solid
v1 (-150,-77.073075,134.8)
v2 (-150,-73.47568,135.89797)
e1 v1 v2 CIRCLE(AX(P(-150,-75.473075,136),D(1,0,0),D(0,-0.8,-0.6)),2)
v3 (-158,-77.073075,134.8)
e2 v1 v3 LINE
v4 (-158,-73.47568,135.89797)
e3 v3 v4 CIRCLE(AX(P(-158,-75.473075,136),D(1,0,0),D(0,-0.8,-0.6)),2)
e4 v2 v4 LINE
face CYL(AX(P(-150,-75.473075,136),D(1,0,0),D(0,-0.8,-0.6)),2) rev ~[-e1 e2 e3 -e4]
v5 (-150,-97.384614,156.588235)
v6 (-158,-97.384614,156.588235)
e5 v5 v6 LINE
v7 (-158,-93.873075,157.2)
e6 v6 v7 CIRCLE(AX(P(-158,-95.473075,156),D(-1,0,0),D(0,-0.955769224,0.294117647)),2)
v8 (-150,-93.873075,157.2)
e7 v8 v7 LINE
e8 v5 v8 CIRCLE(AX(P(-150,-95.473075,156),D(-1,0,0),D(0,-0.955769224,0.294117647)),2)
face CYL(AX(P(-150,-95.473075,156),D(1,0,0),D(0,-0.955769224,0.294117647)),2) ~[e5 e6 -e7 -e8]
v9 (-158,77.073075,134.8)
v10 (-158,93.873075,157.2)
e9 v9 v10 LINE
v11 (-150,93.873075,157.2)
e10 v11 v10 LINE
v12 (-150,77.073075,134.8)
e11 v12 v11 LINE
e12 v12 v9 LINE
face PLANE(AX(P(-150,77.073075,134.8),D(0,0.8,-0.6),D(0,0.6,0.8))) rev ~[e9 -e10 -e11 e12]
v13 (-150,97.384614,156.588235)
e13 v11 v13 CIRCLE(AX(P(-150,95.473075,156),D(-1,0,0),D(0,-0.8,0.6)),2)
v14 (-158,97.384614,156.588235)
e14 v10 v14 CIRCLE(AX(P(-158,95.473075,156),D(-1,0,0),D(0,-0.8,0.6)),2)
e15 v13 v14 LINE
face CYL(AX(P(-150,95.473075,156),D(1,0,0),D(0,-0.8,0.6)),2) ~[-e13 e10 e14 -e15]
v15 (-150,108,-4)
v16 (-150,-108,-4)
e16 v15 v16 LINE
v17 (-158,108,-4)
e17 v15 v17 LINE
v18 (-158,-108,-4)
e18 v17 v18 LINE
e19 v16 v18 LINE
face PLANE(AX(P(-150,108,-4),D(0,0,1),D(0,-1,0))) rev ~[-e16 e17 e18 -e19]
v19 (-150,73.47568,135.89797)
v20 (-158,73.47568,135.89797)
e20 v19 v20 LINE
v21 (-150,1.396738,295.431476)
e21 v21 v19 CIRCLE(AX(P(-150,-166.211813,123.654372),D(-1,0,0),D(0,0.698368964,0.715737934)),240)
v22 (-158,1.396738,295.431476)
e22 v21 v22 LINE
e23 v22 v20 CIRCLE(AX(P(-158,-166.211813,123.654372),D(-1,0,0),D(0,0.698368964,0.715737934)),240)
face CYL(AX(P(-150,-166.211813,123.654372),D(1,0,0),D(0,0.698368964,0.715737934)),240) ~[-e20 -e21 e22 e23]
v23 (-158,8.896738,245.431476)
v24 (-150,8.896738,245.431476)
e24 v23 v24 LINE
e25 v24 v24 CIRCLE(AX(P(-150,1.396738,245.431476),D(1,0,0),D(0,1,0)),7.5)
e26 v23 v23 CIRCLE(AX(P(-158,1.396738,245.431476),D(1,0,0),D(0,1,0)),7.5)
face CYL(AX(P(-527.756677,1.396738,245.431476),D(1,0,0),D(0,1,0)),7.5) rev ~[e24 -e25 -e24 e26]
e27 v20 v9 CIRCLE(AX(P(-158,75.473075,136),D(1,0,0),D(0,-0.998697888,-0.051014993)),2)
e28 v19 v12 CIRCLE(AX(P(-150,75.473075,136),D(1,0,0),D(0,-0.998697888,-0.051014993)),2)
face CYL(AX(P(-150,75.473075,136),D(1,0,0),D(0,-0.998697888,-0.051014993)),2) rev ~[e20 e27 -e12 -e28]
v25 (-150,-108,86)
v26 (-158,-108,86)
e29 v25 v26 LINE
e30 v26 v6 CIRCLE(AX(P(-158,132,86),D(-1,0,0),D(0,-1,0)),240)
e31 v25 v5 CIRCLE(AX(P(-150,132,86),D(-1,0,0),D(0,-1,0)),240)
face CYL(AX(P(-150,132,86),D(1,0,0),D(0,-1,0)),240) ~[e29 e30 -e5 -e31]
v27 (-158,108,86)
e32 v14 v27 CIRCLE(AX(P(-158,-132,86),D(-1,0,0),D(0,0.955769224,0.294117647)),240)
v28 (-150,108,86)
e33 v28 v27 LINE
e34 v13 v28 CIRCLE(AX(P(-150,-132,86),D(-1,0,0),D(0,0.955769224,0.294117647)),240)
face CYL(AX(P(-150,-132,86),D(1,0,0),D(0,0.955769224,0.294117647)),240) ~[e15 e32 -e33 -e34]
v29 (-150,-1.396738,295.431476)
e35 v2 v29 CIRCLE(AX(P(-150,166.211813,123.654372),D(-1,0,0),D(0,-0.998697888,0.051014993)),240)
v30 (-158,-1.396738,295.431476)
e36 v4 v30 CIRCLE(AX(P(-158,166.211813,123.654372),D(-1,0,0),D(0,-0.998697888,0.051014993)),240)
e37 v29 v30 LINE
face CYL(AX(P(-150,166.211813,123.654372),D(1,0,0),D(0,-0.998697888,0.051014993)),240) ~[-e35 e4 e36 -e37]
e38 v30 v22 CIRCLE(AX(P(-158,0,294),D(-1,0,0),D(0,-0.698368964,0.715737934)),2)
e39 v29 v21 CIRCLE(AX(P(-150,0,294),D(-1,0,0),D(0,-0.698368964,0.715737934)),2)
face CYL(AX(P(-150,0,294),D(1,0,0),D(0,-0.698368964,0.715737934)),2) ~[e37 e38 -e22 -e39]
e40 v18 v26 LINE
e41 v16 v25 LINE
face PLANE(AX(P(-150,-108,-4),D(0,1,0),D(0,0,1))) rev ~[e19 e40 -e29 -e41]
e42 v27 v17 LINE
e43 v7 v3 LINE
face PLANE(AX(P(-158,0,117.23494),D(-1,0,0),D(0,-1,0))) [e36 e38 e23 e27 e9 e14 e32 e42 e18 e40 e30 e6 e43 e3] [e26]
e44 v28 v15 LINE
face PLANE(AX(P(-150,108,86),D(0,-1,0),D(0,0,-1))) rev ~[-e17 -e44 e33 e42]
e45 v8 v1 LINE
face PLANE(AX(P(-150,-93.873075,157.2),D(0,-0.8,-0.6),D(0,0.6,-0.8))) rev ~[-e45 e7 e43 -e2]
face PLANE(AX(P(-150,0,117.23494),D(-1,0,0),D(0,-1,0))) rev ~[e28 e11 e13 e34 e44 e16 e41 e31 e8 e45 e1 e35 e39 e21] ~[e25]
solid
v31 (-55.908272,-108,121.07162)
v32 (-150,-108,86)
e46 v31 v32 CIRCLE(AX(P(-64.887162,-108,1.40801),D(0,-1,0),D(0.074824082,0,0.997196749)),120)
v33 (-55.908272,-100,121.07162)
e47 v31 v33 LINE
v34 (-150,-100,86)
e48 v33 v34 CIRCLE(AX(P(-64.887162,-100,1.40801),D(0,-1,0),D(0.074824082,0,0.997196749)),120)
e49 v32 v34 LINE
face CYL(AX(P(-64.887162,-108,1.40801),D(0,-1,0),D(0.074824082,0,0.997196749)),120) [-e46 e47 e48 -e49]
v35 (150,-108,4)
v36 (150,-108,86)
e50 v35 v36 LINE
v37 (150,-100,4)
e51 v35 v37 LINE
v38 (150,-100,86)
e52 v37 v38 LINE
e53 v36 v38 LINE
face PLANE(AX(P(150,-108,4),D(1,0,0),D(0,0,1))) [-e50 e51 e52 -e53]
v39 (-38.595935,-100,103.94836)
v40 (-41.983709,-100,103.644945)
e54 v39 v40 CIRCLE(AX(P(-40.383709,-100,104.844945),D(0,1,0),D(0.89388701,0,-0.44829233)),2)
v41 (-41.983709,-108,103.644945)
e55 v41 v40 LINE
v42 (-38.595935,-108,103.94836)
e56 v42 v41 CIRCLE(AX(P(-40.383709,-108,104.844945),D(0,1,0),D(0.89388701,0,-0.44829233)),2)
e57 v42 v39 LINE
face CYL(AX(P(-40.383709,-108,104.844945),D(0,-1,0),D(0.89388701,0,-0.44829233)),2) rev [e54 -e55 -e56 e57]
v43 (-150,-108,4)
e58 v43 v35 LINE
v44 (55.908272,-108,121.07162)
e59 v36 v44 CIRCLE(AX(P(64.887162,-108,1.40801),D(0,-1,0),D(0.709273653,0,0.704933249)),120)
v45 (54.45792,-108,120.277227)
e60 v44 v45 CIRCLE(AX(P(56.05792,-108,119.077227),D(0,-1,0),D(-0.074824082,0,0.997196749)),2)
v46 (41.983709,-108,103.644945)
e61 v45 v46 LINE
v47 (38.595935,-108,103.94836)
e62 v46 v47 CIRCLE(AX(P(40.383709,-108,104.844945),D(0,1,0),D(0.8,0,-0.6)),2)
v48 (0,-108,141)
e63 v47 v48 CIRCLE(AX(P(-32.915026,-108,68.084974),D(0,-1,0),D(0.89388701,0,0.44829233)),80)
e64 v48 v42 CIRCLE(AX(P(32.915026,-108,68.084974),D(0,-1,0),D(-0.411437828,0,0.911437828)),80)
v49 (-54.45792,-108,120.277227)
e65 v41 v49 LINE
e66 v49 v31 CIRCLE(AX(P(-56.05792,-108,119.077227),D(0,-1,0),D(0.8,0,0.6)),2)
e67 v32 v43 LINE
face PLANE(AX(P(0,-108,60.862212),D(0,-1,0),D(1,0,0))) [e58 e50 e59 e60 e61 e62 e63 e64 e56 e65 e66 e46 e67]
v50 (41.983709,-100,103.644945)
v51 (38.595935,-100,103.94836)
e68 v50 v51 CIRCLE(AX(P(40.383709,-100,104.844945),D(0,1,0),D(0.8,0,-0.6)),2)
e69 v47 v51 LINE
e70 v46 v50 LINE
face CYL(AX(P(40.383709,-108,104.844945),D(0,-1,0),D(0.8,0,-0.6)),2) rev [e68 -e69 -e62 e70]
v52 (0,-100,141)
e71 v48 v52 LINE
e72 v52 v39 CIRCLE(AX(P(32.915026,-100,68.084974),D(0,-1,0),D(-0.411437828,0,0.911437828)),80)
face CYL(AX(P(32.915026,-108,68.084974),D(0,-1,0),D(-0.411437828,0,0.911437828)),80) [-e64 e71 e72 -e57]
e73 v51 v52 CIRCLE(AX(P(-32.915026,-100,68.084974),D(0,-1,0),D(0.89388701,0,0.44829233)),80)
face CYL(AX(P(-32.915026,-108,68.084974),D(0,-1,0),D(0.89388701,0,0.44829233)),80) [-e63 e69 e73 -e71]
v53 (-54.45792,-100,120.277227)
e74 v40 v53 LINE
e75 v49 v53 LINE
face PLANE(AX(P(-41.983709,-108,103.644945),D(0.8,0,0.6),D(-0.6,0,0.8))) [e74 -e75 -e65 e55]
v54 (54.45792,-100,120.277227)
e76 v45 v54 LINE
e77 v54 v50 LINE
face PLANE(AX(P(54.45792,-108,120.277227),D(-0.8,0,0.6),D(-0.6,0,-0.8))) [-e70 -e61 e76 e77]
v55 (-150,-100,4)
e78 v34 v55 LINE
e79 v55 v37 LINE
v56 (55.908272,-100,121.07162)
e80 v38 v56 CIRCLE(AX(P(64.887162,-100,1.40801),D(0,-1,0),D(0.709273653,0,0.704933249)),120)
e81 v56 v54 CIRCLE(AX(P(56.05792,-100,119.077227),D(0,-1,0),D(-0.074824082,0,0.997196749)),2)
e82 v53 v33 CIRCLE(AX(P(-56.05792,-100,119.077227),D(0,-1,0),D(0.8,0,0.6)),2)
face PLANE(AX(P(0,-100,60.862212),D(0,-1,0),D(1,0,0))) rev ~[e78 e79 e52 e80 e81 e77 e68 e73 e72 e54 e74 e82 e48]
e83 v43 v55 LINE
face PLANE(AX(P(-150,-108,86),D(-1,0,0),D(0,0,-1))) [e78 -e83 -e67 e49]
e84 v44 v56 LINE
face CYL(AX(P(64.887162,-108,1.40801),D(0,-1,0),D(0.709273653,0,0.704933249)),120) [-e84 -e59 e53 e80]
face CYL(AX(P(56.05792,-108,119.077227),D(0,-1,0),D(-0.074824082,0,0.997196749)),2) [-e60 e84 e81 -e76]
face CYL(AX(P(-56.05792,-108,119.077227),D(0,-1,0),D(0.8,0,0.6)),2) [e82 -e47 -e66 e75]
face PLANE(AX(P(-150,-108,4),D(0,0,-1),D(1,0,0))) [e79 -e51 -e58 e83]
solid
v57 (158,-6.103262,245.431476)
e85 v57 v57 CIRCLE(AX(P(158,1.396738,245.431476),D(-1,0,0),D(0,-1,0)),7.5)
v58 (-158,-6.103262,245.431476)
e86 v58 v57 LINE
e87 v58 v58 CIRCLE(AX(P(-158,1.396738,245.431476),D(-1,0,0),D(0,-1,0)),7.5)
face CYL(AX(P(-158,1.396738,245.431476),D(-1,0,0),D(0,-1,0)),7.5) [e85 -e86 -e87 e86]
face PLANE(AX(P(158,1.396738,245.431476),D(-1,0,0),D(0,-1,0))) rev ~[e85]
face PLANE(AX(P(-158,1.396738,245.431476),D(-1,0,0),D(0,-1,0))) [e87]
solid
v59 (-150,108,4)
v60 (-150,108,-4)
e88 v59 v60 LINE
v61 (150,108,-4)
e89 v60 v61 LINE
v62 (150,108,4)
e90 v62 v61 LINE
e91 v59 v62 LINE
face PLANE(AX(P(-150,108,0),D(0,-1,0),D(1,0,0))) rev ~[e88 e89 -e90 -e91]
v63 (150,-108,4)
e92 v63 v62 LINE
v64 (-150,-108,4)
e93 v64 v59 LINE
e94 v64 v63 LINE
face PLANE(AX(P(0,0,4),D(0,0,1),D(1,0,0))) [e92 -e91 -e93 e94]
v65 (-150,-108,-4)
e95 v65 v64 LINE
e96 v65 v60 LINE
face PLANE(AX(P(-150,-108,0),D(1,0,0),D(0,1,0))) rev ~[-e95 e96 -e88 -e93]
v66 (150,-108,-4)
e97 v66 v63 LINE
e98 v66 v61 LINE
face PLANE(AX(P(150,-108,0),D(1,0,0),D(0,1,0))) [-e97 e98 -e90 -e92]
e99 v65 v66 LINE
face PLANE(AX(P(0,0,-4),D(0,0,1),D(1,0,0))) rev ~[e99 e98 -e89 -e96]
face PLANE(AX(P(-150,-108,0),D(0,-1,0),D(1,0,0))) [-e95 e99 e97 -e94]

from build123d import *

# Parameters (mm, degrees)
F3_W      = 300
F3_H      = 216
F4_DEPTH  = 4
F7_DEPTH  = 8
F9_D      = 15
F11_DEPTH = 8
F12_R     = 7.5
F13_DEPTH = 316


with BuildPart() as f4:
    # F3 (on Top) → F4 (new body, symmetric)
    with BuildSketch(Plane.XY):
        Rectangle(F3_W, F3_H)
    extrude(amount=F4_DEPTH, both=True)


with BuildPart() as f7:
    # F6 (on face) → F7 (new body)
    with BuildSketch(Plane(origin=(-150, 0, 0), x_dir=(0, -1, 0), z_dir=(-1, 0, 0))):
        with BuildLine():
            Line((-108, -4), (108, -4))
            Line((108, -4), (108, 86))
            ThreePointArc((108, 86), (105.3313162087, 121.6909841087), (97.384613778, 156.5882352941))
            ThreePointArc((97.384613778, 156.5882352941), (95.8163362583, 157.9703227997), (93.8730753298, 157.2))
            Line((93.8730753298, 157.2), (77.0730753298, 134.8))
            ThreePointArc((77.0730753298, 134.8), (74.8892385473, 134.0871135393), (73.4756795548, 135.8979700143))
            ThreePointArc((73.4756795548, 135.8979700143), (52.500901807, 222.4711121462), (1.3967379281, 295.4314758678))
            ThreePointArc((1.3967379281, 295.4314758678), (0, 296), (-1.3967379281, 295.4314758678))
            ThreePointArc((-1.3967379281, 295.4314758678), (-52.500901807, 222.4711121462), (-73.4756795548, 135.8979700143))
            ThreePointArc((-73.4756795548, 135.8979700143), (-74.8892385473, 134.0871135393), (-77.0730753298, 134.8))
            Line((-77.0730753298, 134.8), (-93.8730753298, 157.2))
            ThreePointArc((-93.8730753298, 157.2), (-95.8163362583, 157.9703227997), (-97.384613778, 156.5882352941))
            ThreePointArc((-97.384613778, 156.5882352941), (-105.3313162087, 121.6909841087), (-108, 86))
            Line((-108, 86), (-108, -4))
        make_face()
    extrude(amount=F7_DEPTH)

    # F9 (through all)
    with Locations(Plane(origin=(-158, 0, 0), x_dir=(0, -1, 0), z_dir=(-1, 0, 0))):
        with Locations((-1.3967379281, 245.4314758678)):
            Hole(F9_D / 2)


with BuildPart() as f11:
    # F10 (on face) → F11 (new body)
    with BuildSketch(Plane.XZ.offset(108)):
        with BuildLine():
            Line((-150, 86), (-150, 4))
            Line((-150, 4), (0, 4))
            Line((0, 4), (150, 4))
            Line((150, 4), (150, 86))
            ThreePointArc((150, 86), (106.7989638121, 113.8508882696), (55.908271761, 121.0716200659))
            ThreePointArc((55.908271761, 121.0716200659), (55.0971481355, 120.8313410356), (54.4579199256, 120.2772265674))
            Line((54.4579199256, 120.2772265674), (41.9837086168, 103.6449448224))
            ThreePointArc((41.9837086168, 103.6449448224), (40.2052990098, 102.8529182131), (38.5959345964, 103.9483601628))
            ThreePointArc((38.5959345964, 103.9483601628), (22.4871641318, 125.7963011251), (0, 141))
            ThreePointArc((0, 141), (-22.4871641318, 125.7963011251), (-38.5959345964, 103.9483601628))
            ThreePointArc((-38.5959345964, 103.9483601628), (-40.2052990098, 102.8529182131), (-41.9837086168, 103.6449448224))
            Line((-41.9837086168, 103.6449448224), (-54.4579199256, 120.2772265674))
            ThreePointArc((-54.4579199256, 120.2772265674), (-55.0971481355, 120.8313410356), (-55.908271761, 121.0716200659))
            ThreePointArc((-55.908271761, 121.0716200659), (-106.7989638121, 113.8508882696), (-150, 86))
        make_face()
    extrude(amount=-F11_DEPTH)


with BuildPart() as f13:
    # F12 (on face) → F13 (new body)
    with BuildSketch(Plane(origin=(-158, 0, 0), x_dir=(0, -1, 0), z_dir=(-1, 0, 0))):
        with Locations((-1.3967379281, 245.4314758678)):
            Circle(F12_R)
    extrude(amount=-F13_DEPTH)


solid = Compound([f4.part, f7.part, f11.part, f13.part])
